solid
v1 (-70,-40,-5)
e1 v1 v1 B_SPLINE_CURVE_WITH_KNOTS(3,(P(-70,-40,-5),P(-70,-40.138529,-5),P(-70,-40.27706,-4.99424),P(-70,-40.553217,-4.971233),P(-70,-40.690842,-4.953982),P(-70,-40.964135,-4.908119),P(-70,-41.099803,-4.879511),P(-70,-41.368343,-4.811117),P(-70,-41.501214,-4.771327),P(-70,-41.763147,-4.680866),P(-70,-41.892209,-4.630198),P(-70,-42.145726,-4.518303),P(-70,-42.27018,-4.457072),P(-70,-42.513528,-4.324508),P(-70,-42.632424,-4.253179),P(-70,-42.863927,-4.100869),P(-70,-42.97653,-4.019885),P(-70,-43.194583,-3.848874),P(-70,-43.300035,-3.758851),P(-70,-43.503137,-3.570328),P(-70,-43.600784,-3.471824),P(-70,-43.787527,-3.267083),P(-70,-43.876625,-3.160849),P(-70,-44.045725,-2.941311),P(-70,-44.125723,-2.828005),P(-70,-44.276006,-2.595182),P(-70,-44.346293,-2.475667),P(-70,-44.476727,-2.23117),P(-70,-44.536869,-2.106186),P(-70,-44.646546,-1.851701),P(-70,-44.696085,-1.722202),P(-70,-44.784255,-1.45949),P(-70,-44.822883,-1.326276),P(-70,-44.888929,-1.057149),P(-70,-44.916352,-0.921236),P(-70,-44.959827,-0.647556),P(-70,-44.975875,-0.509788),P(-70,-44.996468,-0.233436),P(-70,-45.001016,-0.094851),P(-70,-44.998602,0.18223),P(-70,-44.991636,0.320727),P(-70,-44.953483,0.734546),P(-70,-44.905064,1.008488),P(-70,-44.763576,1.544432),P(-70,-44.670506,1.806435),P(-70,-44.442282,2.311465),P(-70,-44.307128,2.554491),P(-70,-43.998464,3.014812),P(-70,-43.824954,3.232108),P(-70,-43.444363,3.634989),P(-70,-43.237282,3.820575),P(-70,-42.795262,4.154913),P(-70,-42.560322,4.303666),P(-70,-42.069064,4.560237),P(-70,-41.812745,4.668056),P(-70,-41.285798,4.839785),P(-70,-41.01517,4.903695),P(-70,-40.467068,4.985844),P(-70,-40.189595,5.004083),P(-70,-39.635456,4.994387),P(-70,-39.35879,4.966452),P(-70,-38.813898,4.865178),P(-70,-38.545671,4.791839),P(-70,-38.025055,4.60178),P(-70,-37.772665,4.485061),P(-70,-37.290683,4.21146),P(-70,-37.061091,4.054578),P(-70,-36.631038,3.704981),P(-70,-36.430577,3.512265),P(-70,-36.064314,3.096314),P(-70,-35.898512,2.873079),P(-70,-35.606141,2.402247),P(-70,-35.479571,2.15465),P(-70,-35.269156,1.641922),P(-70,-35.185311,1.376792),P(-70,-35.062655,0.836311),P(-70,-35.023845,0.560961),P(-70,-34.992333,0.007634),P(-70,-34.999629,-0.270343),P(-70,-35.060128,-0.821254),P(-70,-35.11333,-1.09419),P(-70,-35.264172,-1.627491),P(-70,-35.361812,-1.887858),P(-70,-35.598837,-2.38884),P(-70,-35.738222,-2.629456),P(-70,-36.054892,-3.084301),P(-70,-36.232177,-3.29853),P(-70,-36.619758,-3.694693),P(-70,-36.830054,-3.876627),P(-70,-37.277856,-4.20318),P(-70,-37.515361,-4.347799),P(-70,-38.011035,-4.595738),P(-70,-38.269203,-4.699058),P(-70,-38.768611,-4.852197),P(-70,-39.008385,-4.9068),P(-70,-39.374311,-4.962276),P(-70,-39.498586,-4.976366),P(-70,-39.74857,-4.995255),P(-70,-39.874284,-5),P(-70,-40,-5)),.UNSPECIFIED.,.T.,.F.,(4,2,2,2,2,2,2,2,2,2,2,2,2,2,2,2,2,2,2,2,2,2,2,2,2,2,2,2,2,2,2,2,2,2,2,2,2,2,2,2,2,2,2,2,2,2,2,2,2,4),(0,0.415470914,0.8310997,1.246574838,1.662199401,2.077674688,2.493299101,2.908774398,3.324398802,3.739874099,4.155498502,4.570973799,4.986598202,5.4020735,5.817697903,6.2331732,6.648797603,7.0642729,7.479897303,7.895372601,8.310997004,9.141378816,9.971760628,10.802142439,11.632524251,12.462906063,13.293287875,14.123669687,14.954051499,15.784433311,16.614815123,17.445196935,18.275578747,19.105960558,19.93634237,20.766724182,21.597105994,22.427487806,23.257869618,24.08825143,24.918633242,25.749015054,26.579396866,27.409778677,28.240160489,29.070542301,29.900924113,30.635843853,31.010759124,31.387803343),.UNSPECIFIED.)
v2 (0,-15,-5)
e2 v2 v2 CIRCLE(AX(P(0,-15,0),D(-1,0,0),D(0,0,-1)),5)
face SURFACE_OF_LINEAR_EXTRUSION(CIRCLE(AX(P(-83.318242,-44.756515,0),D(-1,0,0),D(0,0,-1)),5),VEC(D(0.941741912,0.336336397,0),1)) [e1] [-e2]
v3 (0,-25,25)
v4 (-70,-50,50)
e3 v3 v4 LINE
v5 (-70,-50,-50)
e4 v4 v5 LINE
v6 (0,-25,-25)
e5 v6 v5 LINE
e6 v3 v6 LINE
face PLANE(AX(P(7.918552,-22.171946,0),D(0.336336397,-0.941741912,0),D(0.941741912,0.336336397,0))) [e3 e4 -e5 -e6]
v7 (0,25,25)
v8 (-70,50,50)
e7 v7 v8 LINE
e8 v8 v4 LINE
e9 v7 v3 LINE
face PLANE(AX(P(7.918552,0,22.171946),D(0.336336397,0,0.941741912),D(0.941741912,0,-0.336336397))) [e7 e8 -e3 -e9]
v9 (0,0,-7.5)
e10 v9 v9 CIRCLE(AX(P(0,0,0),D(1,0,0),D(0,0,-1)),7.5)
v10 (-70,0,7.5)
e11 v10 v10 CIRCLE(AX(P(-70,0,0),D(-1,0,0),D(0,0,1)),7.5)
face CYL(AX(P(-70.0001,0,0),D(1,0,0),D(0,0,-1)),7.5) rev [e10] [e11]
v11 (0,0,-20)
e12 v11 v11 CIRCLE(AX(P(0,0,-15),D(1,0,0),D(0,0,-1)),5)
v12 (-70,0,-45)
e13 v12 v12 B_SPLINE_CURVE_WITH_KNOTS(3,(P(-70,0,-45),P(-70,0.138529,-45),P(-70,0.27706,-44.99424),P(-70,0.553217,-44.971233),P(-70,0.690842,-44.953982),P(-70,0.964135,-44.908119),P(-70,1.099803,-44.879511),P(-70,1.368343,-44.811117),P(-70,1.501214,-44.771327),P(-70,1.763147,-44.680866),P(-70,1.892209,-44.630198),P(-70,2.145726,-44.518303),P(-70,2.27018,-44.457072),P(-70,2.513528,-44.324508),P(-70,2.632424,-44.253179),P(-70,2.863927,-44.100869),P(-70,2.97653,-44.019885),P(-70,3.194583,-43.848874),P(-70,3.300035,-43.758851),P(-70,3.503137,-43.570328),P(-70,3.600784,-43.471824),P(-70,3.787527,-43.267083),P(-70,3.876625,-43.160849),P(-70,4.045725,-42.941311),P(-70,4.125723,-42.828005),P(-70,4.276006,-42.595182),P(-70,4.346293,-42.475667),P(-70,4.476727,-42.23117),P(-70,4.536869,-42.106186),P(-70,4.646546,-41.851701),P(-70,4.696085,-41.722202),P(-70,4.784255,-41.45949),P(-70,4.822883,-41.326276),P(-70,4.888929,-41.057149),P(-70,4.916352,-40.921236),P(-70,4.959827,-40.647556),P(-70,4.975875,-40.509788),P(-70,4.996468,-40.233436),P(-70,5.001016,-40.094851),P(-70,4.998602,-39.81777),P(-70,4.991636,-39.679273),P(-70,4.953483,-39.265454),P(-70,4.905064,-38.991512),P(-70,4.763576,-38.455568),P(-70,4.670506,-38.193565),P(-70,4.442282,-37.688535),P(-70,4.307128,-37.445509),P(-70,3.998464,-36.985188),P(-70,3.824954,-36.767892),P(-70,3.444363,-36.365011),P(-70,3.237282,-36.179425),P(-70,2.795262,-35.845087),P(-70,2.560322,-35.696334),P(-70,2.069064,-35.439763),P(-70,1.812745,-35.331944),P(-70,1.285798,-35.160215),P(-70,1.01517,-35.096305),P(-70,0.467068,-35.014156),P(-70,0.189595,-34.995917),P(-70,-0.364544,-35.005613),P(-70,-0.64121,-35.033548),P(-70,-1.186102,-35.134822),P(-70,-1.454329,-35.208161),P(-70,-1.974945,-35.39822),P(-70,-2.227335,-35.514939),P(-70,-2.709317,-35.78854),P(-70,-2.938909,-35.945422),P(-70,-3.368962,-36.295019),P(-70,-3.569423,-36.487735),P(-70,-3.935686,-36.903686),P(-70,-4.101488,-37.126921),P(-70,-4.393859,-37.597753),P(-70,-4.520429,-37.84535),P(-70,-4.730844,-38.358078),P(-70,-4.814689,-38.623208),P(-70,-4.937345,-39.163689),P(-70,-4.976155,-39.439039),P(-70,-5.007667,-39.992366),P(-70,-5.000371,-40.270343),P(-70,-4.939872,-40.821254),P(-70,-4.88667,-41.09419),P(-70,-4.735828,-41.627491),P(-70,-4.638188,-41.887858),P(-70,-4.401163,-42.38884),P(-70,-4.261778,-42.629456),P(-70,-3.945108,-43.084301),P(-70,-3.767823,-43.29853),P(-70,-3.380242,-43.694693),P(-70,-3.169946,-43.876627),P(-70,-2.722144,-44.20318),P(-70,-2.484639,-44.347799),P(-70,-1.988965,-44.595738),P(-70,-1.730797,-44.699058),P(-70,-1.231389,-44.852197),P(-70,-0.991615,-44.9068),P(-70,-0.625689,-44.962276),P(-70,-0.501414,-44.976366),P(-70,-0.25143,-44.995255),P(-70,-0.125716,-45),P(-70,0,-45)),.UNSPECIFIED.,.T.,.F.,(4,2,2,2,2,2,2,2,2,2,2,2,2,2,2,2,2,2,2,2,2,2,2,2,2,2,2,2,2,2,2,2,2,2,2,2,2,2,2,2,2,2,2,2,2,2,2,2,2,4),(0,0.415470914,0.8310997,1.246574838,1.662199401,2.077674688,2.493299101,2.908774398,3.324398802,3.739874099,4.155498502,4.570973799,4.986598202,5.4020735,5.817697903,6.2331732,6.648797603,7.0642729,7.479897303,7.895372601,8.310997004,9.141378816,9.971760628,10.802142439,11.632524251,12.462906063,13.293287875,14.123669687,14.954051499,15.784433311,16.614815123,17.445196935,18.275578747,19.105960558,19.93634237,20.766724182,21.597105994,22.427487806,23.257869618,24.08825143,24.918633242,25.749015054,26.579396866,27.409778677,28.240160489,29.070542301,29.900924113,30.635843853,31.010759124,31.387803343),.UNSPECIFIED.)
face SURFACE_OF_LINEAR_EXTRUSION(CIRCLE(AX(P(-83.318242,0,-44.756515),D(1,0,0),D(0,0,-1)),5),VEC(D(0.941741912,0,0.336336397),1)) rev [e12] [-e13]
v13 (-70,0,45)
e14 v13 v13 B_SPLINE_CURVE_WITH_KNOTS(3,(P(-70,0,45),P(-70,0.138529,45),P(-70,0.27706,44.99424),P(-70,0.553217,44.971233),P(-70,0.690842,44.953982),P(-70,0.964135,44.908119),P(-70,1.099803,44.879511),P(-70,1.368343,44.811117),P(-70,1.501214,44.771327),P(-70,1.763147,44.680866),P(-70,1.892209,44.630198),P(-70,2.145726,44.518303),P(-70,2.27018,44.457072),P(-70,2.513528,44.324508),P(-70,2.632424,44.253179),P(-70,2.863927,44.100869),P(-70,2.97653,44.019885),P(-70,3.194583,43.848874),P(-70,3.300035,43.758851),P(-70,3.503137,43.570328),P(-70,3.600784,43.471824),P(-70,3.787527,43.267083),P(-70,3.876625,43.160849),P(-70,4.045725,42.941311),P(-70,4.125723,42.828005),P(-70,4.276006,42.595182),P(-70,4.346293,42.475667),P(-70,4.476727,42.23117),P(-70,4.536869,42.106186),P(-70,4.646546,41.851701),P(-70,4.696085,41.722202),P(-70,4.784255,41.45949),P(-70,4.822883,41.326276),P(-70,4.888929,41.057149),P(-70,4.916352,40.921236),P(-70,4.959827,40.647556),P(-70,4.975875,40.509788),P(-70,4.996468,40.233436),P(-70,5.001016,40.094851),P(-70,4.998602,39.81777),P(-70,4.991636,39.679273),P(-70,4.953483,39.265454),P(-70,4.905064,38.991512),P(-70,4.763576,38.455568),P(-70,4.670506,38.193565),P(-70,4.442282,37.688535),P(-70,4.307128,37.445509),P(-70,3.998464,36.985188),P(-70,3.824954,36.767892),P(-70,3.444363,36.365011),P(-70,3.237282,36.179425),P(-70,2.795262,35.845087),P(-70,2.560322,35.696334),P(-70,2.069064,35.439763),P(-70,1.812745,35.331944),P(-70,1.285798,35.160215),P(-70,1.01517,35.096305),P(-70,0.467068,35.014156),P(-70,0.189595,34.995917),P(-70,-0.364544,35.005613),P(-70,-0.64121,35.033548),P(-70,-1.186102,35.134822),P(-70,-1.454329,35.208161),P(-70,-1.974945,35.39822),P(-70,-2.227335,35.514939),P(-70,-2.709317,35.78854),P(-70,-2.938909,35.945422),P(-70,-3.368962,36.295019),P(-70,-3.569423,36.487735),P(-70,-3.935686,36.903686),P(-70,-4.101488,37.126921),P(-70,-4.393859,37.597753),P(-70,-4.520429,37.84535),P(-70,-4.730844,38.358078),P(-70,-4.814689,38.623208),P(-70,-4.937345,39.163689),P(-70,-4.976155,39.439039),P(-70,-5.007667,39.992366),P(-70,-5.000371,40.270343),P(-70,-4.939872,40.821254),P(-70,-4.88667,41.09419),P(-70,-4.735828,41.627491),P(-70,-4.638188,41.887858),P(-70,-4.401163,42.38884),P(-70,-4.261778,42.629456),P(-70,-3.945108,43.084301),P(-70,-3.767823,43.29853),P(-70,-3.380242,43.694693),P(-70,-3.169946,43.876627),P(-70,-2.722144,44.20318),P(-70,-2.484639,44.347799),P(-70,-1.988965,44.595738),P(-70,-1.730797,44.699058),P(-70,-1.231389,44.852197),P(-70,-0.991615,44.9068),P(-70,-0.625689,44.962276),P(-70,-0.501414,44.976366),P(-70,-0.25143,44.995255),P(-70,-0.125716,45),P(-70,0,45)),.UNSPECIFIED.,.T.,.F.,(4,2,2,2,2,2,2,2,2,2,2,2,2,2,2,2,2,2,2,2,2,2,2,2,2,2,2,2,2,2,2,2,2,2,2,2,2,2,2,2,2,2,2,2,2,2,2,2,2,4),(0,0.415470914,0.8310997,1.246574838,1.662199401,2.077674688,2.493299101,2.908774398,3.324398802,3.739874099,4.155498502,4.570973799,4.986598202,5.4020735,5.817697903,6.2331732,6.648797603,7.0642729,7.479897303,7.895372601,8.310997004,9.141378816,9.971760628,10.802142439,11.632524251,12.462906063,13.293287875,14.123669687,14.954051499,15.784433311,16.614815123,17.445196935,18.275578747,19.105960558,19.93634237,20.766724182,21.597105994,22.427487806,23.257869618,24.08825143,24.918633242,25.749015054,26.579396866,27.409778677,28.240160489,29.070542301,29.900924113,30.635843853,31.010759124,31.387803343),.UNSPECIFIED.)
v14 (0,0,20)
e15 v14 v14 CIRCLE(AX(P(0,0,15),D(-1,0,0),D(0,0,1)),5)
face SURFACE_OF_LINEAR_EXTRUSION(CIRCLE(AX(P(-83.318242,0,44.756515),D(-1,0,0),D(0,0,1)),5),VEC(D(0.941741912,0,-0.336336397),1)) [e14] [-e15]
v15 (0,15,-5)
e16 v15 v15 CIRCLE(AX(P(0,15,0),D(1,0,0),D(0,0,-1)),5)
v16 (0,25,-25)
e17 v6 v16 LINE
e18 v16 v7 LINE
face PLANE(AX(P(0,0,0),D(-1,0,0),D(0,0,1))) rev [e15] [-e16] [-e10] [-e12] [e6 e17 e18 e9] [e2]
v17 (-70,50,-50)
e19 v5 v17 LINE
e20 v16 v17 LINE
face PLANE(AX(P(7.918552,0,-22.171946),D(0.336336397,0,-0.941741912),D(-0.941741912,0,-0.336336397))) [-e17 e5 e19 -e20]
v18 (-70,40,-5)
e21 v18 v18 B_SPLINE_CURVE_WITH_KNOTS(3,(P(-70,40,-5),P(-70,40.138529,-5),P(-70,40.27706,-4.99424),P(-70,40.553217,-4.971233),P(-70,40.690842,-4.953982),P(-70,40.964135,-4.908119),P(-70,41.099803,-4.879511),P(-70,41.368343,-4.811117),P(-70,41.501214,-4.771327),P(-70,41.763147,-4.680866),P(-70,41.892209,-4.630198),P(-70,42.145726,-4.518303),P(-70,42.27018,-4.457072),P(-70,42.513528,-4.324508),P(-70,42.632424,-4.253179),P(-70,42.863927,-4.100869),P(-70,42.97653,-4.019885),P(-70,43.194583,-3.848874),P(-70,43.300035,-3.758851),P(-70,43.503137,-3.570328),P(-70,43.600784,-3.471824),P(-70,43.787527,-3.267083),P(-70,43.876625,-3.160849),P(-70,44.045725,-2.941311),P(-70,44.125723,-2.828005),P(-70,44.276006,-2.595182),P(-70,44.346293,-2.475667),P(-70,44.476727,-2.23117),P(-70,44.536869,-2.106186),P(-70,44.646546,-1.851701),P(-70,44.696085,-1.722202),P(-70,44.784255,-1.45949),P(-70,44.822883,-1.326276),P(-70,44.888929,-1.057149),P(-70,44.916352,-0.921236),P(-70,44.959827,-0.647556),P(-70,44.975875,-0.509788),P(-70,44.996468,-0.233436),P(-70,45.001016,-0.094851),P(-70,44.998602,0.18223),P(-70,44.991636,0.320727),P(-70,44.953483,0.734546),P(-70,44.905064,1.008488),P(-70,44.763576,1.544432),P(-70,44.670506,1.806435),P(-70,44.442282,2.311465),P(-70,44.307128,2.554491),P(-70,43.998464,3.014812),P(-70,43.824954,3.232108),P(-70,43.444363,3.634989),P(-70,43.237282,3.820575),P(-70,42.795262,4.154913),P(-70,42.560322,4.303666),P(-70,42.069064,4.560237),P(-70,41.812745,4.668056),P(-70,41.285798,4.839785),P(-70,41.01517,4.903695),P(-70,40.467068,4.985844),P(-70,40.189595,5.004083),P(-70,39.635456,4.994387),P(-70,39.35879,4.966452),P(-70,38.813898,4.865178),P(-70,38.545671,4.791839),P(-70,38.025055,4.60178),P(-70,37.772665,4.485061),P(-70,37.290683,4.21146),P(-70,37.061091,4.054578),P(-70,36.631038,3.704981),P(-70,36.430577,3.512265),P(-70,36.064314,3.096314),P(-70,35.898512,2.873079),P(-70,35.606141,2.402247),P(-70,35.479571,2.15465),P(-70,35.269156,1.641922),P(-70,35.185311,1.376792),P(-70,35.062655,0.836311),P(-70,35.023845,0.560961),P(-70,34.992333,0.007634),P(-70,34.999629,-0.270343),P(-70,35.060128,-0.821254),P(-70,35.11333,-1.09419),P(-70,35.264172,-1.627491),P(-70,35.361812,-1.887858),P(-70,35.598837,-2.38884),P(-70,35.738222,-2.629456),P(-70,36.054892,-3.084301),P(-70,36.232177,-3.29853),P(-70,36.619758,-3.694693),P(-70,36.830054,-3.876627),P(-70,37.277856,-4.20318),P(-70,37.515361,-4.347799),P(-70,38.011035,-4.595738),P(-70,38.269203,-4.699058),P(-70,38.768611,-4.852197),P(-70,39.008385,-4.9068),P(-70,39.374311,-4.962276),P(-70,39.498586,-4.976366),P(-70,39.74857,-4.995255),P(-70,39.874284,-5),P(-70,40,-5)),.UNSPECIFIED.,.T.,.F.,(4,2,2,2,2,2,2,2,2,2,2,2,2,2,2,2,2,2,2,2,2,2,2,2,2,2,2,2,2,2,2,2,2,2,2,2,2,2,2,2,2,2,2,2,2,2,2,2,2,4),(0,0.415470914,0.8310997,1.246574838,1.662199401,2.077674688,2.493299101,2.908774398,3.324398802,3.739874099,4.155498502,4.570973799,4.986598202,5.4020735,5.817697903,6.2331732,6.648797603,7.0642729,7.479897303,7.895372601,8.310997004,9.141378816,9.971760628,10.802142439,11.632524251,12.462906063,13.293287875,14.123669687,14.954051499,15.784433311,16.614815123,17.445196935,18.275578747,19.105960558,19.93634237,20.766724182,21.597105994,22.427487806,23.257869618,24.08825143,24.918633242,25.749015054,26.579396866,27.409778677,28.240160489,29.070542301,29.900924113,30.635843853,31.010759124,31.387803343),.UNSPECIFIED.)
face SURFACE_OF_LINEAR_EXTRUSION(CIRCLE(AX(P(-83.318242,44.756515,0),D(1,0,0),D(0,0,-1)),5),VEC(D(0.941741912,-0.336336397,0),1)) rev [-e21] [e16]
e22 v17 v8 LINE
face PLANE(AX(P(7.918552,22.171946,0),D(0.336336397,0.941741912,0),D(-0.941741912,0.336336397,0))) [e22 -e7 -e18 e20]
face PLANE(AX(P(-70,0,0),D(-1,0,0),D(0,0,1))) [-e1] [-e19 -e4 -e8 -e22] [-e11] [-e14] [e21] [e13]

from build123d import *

# Parameters (mm, degrees)
SKETCH1_W          = 50
SKETCH1_H          = 50
SKETCH2_W          = 100
SKETCH2_H          = 100
SKETCH3_R          = 5
SKETCH6_R          = 5
SKETCH7_R          = 7.5
CUT_EXTRUDE1_DEPTH = 71.0000001


with BuildPart() as part:
    # Sketch1 → Loft1 section 0
    with BuildSketch(Plane(origin=(0, 0, 0), x_dir=(0, 0, -1), z_dir=(1, 0, 0))):
        Rectangle(SKETCH1_W, SKETCH1_H)
    # Sketch2 → Loft1 section 1
    with BuildSketch(Plane(origin=(-70, 0, 0), x_dir=(0, 0, -1), z_dir=(1, 0, 0))):
        Rectangle(SKETCH2_W, SKETCH2_H)
    loft()

    # Cut-Sweep2: sweep along a path in Sketch4
    with BuildLine(Plane(origin=(0, 0, 0), x_dir=(1, 0, 0), z_dir=(0, 1, 0))) as cut_sweep2_path:
        Line((0, 15), (-70, 40))
    # Sketch3 → Cut-Sweep2 (sweep, cut)
    with BuildSketch(Plane(origin=(0, 0, 0), x_dir=(0, 0, -1), z_dir=(1, 0, 0))):
        with Locations((15, 0)):
            Circle(SKETCH3_R)
    cut_sweep2 = sweep(path=cut_sweep2_path.line, mode=Mode.SUBTRACT)

    # Cut-Sweep3: sweep along a path in Sketch5
    with BuildLine(Plane.XY) as cut_sweep3_path:
        Line((0, 15), (-70, 40))
    # Sketch6 → Cut-Sweep3 (sweep, cut)
    with BuildSketch(Plane(origin=(0, 0, 0), x_dir=(0, 0, -1), z_dir=(1, 0, 0))):
        with Locations((0, 15)):
            Circle(SKETCH6_R)
    cut_sweep3 = sweep(path=cut_sweep3_path.line, mode=Mode.SUBTRACT)

    # Mirror1: Cut-Sweep2 across plane
    add(cut_sweep2.mirror(Plane.XY), mode=Mode.SUBTRACT)

    # Mirror2: Cut-Sweep3 across plane
    add(cut_sweep3.mirror(Plane.ZX), mode=Mode.SUBTRACT)

    # Sketch7 → Cut-Extrude1 (cut, through all)
    with BuildSketch(Plane(origin=(0, 0, 0), x_dir=(0, 0, -1), z_dir=(1, 0, 0))):
        Circle(SKETCH7_R)
    extrude(amount=-CUT_EXTRUDE1_DEPTH, mode=Mode.SUBTRACT)


solid = part.part
